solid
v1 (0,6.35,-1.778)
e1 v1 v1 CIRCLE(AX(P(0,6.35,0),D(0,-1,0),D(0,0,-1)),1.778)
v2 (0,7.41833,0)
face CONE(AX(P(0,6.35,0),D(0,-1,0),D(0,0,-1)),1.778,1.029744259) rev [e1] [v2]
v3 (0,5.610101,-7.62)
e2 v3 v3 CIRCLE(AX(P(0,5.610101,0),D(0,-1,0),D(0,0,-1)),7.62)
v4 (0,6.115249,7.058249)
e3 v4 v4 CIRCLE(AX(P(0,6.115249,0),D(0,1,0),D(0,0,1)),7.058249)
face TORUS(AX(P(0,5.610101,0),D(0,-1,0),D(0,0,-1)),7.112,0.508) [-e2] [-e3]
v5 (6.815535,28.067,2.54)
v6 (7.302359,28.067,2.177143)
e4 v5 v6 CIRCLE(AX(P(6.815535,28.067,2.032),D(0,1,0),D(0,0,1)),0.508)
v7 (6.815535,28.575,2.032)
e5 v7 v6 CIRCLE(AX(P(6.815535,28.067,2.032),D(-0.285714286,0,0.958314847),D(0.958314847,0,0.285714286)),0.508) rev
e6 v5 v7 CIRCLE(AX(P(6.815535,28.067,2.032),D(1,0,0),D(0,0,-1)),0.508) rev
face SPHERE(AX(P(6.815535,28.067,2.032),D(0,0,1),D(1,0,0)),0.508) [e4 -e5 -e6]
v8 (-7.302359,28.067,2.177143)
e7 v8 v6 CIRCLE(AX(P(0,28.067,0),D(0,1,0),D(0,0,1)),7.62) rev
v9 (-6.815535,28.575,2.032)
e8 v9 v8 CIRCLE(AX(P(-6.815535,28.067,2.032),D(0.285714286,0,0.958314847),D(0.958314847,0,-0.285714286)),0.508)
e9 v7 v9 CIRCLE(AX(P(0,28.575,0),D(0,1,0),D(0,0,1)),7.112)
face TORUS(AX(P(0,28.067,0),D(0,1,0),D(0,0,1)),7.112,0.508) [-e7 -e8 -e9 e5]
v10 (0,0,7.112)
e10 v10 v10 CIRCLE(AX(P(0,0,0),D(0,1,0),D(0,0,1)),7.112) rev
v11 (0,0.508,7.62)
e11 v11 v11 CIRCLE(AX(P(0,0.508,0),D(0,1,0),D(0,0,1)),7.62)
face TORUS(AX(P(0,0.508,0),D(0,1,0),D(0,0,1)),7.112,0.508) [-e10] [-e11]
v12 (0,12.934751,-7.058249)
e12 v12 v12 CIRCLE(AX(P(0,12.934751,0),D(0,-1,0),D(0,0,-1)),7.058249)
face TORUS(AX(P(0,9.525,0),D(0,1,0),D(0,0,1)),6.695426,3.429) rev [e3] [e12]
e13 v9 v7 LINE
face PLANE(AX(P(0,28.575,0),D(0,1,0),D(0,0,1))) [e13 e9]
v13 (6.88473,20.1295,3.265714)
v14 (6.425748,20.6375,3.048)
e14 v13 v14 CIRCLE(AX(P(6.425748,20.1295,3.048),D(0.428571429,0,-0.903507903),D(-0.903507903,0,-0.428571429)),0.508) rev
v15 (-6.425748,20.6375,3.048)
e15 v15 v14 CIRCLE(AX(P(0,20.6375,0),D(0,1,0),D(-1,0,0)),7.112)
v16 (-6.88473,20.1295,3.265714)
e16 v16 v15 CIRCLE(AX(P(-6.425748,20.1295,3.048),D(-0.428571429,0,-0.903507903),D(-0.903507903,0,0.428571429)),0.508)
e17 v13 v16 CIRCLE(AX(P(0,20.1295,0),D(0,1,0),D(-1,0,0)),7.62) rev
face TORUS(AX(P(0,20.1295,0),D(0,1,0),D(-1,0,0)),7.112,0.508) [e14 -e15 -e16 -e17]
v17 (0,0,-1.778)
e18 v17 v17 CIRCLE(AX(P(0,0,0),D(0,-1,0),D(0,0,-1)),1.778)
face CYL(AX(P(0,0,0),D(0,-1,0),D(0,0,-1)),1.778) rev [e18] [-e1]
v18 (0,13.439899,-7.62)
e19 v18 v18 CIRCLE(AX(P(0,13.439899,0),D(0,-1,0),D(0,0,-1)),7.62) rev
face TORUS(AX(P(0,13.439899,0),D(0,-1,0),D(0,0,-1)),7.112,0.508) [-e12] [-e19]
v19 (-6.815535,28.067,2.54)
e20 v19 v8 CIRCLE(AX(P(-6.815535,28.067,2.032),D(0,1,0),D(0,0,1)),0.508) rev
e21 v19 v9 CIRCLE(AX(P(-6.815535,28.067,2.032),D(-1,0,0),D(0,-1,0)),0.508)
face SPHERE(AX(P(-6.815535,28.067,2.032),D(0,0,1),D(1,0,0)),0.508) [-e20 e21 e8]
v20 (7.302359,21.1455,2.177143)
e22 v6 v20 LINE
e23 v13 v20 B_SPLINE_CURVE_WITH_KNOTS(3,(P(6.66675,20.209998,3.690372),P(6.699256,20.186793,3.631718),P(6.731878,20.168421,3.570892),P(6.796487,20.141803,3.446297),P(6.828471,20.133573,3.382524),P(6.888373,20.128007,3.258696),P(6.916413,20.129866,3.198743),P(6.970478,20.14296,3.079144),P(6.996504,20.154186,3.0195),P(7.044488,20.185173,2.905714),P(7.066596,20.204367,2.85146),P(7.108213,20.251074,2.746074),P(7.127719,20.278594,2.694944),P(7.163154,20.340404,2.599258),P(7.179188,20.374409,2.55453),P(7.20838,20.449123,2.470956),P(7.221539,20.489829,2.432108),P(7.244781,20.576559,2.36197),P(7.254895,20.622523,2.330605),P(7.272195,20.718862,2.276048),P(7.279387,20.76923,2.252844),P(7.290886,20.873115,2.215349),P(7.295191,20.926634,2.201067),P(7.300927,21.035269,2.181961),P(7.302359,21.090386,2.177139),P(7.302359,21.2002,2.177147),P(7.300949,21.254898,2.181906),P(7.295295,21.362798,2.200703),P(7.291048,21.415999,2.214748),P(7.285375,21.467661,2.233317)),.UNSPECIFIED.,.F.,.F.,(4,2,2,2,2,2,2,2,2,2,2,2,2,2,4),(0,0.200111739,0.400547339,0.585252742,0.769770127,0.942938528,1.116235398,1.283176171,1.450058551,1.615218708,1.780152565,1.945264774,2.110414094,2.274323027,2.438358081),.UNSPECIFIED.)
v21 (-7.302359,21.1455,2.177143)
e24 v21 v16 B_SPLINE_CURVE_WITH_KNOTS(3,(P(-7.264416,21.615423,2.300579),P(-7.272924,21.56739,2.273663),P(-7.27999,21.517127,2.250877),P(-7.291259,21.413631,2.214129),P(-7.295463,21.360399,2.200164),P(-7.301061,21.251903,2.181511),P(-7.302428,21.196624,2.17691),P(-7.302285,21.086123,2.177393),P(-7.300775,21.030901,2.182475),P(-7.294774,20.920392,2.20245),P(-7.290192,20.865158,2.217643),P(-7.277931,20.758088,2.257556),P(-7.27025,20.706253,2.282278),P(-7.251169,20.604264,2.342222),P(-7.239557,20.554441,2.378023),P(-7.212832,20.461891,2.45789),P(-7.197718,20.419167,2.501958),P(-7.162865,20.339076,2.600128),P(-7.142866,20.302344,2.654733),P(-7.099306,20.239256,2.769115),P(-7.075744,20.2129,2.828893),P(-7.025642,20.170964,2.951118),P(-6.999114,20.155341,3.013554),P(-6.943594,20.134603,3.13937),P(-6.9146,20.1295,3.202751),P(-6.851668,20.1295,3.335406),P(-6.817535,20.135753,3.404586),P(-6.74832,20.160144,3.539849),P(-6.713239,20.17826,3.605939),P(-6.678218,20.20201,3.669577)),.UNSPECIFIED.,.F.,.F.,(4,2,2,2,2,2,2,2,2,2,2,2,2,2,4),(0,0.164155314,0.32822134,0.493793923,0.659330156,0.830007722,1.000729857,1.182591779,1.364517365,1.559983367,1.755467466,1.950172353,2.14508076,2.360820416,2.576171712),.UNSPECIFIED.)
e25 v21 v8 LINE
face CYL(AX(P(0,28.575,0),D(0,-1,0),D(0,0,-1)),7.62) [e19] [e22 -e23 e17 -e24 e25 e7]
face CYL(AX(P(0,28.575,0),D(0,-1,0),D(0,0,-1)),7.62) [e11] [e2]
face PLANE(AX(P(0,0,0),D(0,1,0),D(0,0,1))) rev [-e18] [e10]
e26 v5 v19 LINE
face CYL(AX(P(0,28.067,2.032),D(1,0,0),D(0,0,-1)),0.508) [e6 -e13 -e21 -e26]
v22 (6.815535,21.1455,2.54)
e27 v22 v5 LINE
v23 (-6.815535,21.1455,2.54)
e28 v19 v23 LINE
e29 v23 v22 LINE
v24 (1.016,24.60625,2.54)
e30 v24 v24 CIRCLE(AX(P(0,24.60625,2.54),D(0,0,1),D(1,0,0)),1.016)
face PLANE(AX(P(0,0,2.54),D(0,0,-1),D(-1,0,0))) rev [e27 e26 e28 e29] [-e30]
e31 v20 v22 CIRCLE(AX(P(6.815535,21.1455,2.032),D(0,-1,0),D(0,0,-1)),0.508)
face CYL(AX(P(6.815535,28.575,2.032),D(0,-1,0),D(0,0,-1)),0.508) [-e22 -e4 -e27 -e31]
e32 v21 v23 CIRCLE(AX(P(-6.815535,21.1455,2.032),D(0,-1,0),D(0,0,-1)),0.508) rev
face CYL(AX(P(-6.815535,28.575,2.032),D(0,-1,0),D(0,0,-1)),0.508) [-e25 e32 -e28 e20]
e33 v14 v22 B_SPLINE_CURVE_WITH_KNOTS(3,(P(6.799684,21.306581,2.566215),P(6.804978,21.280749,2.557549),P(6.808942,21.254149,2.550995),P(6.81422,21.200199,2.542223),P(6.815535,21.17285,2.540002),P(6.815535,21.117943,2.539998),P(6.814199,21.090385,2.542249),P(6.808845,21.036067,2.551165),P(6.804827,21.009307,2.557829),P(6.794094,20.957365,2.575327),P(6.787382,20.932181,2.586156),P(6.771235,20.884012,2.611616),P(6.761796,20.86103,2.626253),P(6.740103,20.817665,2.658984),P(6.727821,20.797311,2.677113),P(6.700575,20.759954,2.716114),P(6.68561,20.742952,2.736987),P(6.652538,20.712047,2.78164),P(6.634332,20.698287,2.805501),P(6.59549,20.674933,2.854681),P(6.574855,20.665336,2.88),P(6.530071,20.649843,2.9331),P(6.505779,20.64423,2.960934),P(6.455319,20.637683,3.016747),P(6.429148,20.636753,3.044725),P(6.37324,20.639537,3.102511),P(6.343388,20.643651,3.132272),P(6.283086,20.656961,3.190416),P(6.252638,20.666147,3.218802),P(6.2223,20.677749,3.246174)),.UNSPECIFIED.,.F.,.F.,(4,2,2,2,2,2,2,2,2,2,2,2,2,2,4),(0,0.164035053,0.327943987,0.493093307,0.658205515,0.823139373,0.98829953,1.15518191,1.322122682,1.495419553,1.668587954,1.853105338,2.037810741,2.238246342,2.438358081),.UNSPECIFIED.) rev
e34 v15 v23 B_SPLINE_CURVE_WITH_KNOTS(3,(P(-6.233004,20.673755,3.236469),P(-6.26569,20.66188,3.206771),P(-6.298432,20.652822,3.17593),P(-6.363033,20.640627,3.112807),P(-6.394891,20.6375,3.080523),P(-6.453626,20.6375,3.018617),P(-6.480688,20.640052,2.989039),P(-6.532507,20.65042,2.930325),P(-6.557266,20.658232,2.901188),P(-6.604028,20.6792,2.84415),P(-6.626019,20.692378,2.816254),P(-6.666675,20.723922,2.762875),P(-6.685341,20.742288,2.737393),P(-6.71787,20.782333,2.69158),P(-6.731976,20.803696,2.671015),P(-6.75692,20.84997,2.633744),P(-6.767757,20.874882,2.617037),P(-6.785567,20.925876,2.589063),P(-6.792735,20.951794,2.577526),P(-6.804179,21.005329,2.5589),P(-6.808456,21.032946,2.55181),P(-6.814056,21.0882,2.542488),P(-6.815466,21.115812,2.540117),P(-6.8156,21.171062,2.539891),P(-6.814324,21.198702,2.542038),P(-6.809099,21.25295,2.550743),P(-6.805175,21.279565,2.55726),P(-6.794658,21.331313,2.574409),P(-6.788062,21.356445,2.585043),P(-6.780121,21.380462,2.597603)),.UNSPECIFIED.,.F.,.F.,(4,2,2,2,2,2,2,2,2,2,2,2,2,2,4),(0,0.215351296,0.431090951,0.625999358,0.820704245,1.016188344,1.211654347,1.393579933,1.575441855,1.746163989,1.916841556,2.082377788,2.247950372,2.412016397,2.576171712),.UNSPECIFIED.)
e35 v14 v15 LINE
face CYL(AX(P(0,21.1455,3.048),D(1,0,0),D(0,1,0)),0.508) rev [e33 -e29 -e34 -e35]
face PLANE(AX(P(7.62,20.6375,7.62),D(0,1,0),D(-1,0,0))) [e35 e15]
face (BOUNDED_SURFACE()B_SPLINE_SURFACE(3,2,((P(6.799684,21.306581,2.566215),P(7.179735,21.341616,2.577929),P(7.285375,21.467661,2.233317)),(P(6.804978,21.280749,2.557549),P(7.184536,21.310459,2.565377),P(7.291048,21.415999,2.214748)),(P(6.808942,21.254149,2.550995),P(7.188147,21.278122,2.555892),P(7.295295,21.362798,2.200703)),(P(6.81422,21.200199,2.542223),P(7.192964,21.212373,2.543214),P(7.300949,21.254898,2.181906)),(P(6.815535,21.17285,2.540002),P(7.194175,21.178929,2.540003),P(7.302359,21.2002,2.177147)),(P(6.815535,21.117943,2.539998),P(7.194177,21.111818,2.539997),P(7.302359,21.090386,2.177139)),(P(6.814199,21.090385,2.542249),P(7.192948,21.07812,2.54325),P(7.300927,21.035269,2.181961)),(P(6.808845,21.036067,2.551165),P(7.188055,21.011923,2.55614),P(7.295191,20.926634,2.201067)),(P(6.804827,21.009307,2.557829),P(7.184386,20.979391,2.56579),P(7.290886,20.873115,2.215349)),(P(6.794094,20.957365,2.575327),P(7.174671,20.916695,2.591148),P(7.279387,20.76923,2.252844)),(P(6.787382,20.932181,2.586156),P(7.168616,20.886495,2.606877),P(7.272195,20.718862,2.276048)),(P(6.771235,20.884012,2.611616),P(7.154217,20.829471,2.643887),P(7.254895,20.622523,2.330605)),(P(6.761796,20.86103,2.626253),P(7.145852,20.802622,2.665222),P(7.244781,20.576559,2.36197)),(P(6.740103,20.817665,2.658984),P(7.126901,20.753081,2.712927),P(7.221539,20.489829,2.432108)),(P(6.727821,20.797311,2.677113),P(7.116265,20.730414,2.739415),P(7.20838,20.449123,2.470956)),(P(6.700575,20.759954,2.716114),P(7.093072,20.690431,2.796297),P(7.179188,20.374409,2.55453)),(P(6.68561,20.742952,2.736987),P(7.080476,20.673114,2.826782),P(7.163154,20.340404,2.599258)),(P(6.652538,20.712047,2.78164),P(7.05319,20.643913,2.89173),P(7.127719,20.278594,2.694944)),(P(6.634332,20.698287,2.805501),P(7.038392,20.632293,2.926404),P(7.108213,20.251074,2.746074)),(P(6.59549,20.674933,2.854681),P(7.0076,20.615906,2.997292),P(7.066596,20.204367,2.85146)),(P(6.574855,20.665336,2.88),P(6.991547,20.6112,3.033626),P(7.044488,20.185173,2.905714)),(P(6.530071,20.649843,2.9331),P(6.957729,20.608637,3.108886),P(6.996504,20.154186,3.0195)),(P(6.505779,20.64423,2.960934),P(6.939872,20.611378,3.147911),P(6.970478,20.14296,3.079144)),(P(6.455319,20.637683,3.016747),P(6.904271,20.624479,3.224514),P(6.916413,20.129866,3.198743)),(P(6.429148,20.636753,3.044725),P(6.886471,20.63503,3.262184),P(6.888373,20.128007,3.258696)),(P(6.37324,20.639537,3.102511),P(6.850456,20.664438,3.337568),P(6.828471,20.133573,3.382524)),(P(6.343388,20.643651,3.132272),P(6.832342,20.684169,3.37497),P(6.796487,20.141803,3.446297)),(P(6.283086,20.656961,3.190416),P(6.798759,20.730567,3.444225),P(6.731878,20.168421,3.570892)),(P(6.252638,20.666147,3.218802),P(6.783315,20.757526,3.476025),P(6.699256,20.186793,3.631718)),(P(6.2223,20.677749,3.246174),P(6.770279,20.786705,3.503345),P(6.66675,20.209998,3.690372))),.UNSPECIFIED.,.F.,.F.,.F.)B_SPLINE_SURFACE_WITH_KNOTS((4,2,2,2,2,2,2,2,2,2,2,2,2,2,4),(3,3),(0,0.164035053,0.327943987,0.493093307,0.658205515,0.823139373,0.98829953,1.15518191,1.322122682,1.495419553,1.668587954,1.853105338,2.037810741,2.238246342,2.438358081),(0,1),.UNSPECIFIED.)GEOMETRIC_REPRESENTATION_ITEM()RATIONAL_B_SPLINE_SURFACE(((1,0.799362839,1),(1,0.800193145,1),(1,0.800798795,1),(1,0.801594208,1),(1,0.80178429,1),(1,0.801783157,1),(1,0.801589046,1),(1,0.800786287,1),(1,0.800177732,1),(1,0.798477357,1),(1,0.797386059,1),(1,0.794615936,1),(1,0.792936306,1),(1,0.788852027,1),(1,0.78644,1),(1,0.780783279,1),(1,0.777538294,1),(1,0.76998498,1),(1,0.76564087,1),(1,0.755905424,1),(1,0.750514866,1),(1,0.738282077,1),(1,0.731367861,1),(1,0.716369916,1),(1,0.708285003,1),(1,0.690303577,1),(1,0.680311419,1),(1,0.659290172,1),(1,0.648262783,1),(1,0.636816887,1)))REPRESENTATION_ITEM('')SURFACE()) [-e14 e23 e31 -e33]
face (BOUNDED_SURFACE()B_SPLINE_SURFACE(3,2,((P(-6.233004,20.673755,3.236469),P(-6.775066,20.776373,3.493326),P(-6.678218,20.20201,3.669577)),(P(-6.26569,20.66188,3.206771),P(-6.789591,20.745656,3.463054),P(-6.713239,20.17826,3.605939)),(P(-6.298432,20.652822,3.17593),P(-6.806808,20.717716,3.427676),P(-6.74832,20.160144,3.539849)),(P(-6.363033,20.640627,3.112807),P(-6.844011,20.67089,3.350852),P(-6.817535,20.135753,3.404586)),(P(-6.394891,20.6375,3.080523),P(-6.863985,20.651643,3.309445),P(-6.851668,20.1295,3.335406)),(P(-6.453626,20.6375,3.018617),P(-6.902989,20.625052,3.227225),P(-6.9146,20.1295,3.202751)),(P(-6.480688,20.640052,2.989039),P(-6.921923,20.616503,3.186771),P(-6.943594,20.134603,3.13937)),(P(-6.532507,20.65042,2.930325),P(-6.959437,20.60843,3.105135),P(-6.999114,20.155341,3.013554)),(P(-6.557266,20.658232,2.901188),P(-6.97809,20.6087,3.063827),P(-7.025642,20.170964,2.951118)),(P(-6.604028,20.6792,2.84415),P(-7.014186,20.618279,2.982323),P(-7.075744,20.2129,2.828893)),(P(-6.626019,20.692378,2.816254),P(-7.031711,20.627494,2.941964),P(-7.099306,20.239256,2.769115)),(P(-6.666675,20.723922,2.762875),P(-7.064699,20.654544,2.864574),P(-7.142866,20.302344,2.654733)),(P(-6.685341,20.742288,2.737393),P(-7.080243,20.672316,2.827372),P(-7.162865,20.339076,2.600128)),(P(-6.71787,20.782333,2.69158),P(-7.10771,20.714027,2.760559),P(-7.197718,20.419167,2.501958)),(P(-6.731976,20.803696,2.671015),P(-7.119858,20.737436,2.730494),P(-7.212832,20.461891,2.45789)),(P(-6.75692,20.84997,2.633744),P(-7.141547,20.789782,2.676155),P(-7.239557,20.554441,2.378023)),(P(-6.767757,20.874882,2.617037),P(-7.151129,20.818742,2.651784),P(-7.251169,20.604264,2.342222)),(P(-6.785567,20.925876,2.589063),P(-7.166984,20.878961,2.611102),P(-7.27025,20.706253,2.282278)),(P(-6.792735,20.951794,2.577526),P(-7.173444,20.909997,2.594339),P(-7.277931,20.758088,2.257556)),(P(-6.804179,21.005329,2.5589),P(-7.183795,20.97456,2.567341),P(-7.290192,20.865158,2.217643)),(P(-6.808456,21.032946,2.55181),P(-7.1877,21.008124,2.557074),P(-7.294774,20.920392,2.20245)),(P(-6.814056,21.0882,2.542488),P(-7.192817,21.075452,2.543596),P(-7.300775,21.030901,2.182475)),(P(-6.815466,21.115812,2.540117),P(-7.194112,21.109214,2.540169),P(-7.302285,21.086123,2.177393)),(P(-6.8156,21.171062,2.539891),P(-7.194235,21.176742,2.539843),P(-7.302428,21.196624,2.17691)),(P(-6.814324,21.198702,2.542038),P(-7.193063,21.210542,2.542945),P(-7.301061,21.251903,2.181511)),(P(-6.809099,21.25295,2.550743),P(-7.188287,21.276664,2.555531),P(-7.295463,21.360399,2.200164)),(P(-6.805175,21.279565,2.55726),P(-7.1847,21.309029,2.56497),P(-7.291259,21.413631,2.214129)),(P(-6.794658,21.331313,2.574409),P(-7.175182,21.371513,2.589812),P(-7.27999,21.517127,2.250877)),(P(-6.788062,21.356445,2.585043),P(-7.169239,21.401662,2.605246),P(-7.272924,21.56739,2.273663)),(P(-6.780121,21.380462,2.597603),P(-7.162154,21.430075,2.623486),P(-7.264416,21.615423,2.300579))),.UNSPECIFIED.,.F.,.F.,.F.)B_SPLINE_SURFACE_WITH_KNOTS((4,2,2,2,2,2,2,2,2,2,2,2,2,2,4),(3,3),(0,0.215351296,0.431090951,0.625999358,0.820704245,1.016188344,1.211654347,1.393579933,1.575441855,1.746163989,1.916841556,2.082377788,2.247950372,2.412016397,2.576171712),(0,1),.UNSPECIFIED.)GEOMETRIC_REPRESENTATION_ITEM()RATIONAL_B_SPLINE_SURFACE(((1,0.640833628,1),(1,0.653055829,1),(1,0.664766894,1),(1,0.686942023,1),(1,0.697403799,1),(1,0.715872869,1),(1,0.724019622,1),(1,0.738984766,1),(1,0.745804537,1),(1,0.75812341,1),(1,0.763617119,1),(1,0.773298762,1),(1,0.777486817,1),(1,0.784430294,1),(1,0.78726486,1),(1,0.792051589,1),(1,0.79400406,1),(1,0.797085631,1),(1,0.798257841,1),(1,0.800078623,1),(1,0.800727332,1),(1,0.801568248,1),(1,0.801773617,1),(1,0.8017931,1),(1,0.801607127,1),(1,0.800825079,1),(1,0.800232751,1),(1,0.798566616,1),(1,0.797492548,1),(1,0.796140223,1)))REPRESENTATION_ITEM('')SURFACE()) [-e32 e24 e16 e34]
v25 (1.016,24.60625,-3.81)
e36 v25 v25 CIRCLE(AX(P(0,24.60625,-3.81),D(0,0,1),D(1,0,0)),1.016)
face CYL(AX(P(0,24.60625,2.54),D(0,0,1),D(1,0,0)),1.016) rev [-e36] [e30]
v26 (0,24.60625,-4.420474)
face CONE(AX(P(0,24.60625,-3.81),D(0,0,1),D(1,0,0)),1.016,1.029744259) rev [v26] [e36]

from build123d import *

# Parameters (mm, degrees)
SKETCH1_R                        = 7.62
BOSS_EXTRUDE1_DEPTH              = 28.575
SKETCH3_W                        = 15.24
SKETCH3_H                        = 7.9375
CUT_EXTRUDE1_DEPTH               = 6.08
F_4_0_209_DIAMETER_HOLE1_D       = 2.032
F_4_0_209_DIAMETER_HOLE1_DEPTH   = 6.35
F_4_0_209_DIAMETER_HOLE1_TIP     = 0.610474389
F_10_0_1935_DIAMETER_HOLE1_D     = 3.556
F_10_0_1935_DIAMETER_HOLE1_DEPTH = 6.35
F_10_0_1935_DIAMETER_HOLE1_TIP   = 1.068330181
FILLET1_R                        = 0.508


with BuildPart() as part:
    # Sketch1 → Boss-Extrude1 (new body)
    with BuildSketch(Plane(origin=(0, 0, 0), x_dir=(1, 0, 0), z_dir=(0, 1, 0))):
        Circle(SKETCH1_R)
    extrude(amount=BOSS_EXTRUDE1_DEPTH)

    # Sketch2 → Cut-Revolve1 (revolve, cut)
    with BuildSketch(Plane.XY):
        with BuildLine():
            ThreePointArc((-7.62, 6.223), (-3.266426044, 9.525), (-7.62, 12.827))
            Line((-7.62, 12.827), (-7.62, 6.223))
        make_face()
    revolve(axis=Axis((0, 28.575, 0), (0, -1, 0)), mode=Mode.SUBTRACT)

    # Sketch3 → Cut-Extrude1 (cut, through all)
    with BuildSketch(Plane.XY.offset(2.54)):
        with Locations((0, 24.60625)):
            Rectangle(SKETCH3_W, SKETCH3_H)
    extrude(amount=CUT_EXTRUDE1_DEPTH, mode=Mode.SUBTRACT)

    # #4 (0.209) Diameter Hole1
    with Locations(Plane.XY.offset(2.54)):
        with Locations((0, 24.60625)):
            Hole(F_4_0_209_DIAMETER_HOLE1_D / 2, depth=F_4_0_209_DIAMETER_HOLE1_DEPTH)
            with Locations((0, 0, -(F_4_0_209_DIAMETER_HOLE1_DEPTH + F_4_0_209_DIAMETER_HOLE1_TIP / 2))):  # 118° drill point
                Cone(0, F_4_0_209_DIAMETER_HOLE1_D / 2, F_4_0_209_DIAMETER_HOLE1_TIP, mode=Mode.SUBTRACT)

    # #10 (0.1935) Diameter Hole1
    with Locations(Plane(origin=(0, 0, 0), x_dir=(-1, 0, 0), z_dir=(0, -1, 0))):
        with Locations((0, 0)):
            Hole(F_10_0_1935_DIAMETER_HOLE1_D / 2, depth=F_10_0_1935_DIAMETER_HOLE1_DEPTH)
            with Locations((0, 0, -(F_10_0_1935_DIAMETER_HOLE1_DEPTH + F_10_0_1935_DIAMETER_HOLE1_TIP / 2))):  # 118° drill point
                Cone(0, F_10_0_1935_DIAMETER_HOLE1_D / 2, F_10_0_1935_DIAMETER_HOLE1_TIP, mode=Mode.SUBTRACT)

    # Fillet1
    fillet1_edges = [part.edges().sort_by_distance(p)[0] for p in [
        (-1.288557078, 28.575, -7.510261025),
        (0, 28.575, 2.54),
        (0, 20.6375, 7.62),
        (0, 20.6375, 2.54),
        (7.184204897, 24.60625, 2.54),
        (-7.184204897, 24.60625, 2.54),
        (-7.62, 0, 0),
        (0, 6.223, 7.62),
        (0, 12.827, 7.62),
    ]]
    fillet(fillet1_edges, radius=FILLET1_R)


solid = part.part
